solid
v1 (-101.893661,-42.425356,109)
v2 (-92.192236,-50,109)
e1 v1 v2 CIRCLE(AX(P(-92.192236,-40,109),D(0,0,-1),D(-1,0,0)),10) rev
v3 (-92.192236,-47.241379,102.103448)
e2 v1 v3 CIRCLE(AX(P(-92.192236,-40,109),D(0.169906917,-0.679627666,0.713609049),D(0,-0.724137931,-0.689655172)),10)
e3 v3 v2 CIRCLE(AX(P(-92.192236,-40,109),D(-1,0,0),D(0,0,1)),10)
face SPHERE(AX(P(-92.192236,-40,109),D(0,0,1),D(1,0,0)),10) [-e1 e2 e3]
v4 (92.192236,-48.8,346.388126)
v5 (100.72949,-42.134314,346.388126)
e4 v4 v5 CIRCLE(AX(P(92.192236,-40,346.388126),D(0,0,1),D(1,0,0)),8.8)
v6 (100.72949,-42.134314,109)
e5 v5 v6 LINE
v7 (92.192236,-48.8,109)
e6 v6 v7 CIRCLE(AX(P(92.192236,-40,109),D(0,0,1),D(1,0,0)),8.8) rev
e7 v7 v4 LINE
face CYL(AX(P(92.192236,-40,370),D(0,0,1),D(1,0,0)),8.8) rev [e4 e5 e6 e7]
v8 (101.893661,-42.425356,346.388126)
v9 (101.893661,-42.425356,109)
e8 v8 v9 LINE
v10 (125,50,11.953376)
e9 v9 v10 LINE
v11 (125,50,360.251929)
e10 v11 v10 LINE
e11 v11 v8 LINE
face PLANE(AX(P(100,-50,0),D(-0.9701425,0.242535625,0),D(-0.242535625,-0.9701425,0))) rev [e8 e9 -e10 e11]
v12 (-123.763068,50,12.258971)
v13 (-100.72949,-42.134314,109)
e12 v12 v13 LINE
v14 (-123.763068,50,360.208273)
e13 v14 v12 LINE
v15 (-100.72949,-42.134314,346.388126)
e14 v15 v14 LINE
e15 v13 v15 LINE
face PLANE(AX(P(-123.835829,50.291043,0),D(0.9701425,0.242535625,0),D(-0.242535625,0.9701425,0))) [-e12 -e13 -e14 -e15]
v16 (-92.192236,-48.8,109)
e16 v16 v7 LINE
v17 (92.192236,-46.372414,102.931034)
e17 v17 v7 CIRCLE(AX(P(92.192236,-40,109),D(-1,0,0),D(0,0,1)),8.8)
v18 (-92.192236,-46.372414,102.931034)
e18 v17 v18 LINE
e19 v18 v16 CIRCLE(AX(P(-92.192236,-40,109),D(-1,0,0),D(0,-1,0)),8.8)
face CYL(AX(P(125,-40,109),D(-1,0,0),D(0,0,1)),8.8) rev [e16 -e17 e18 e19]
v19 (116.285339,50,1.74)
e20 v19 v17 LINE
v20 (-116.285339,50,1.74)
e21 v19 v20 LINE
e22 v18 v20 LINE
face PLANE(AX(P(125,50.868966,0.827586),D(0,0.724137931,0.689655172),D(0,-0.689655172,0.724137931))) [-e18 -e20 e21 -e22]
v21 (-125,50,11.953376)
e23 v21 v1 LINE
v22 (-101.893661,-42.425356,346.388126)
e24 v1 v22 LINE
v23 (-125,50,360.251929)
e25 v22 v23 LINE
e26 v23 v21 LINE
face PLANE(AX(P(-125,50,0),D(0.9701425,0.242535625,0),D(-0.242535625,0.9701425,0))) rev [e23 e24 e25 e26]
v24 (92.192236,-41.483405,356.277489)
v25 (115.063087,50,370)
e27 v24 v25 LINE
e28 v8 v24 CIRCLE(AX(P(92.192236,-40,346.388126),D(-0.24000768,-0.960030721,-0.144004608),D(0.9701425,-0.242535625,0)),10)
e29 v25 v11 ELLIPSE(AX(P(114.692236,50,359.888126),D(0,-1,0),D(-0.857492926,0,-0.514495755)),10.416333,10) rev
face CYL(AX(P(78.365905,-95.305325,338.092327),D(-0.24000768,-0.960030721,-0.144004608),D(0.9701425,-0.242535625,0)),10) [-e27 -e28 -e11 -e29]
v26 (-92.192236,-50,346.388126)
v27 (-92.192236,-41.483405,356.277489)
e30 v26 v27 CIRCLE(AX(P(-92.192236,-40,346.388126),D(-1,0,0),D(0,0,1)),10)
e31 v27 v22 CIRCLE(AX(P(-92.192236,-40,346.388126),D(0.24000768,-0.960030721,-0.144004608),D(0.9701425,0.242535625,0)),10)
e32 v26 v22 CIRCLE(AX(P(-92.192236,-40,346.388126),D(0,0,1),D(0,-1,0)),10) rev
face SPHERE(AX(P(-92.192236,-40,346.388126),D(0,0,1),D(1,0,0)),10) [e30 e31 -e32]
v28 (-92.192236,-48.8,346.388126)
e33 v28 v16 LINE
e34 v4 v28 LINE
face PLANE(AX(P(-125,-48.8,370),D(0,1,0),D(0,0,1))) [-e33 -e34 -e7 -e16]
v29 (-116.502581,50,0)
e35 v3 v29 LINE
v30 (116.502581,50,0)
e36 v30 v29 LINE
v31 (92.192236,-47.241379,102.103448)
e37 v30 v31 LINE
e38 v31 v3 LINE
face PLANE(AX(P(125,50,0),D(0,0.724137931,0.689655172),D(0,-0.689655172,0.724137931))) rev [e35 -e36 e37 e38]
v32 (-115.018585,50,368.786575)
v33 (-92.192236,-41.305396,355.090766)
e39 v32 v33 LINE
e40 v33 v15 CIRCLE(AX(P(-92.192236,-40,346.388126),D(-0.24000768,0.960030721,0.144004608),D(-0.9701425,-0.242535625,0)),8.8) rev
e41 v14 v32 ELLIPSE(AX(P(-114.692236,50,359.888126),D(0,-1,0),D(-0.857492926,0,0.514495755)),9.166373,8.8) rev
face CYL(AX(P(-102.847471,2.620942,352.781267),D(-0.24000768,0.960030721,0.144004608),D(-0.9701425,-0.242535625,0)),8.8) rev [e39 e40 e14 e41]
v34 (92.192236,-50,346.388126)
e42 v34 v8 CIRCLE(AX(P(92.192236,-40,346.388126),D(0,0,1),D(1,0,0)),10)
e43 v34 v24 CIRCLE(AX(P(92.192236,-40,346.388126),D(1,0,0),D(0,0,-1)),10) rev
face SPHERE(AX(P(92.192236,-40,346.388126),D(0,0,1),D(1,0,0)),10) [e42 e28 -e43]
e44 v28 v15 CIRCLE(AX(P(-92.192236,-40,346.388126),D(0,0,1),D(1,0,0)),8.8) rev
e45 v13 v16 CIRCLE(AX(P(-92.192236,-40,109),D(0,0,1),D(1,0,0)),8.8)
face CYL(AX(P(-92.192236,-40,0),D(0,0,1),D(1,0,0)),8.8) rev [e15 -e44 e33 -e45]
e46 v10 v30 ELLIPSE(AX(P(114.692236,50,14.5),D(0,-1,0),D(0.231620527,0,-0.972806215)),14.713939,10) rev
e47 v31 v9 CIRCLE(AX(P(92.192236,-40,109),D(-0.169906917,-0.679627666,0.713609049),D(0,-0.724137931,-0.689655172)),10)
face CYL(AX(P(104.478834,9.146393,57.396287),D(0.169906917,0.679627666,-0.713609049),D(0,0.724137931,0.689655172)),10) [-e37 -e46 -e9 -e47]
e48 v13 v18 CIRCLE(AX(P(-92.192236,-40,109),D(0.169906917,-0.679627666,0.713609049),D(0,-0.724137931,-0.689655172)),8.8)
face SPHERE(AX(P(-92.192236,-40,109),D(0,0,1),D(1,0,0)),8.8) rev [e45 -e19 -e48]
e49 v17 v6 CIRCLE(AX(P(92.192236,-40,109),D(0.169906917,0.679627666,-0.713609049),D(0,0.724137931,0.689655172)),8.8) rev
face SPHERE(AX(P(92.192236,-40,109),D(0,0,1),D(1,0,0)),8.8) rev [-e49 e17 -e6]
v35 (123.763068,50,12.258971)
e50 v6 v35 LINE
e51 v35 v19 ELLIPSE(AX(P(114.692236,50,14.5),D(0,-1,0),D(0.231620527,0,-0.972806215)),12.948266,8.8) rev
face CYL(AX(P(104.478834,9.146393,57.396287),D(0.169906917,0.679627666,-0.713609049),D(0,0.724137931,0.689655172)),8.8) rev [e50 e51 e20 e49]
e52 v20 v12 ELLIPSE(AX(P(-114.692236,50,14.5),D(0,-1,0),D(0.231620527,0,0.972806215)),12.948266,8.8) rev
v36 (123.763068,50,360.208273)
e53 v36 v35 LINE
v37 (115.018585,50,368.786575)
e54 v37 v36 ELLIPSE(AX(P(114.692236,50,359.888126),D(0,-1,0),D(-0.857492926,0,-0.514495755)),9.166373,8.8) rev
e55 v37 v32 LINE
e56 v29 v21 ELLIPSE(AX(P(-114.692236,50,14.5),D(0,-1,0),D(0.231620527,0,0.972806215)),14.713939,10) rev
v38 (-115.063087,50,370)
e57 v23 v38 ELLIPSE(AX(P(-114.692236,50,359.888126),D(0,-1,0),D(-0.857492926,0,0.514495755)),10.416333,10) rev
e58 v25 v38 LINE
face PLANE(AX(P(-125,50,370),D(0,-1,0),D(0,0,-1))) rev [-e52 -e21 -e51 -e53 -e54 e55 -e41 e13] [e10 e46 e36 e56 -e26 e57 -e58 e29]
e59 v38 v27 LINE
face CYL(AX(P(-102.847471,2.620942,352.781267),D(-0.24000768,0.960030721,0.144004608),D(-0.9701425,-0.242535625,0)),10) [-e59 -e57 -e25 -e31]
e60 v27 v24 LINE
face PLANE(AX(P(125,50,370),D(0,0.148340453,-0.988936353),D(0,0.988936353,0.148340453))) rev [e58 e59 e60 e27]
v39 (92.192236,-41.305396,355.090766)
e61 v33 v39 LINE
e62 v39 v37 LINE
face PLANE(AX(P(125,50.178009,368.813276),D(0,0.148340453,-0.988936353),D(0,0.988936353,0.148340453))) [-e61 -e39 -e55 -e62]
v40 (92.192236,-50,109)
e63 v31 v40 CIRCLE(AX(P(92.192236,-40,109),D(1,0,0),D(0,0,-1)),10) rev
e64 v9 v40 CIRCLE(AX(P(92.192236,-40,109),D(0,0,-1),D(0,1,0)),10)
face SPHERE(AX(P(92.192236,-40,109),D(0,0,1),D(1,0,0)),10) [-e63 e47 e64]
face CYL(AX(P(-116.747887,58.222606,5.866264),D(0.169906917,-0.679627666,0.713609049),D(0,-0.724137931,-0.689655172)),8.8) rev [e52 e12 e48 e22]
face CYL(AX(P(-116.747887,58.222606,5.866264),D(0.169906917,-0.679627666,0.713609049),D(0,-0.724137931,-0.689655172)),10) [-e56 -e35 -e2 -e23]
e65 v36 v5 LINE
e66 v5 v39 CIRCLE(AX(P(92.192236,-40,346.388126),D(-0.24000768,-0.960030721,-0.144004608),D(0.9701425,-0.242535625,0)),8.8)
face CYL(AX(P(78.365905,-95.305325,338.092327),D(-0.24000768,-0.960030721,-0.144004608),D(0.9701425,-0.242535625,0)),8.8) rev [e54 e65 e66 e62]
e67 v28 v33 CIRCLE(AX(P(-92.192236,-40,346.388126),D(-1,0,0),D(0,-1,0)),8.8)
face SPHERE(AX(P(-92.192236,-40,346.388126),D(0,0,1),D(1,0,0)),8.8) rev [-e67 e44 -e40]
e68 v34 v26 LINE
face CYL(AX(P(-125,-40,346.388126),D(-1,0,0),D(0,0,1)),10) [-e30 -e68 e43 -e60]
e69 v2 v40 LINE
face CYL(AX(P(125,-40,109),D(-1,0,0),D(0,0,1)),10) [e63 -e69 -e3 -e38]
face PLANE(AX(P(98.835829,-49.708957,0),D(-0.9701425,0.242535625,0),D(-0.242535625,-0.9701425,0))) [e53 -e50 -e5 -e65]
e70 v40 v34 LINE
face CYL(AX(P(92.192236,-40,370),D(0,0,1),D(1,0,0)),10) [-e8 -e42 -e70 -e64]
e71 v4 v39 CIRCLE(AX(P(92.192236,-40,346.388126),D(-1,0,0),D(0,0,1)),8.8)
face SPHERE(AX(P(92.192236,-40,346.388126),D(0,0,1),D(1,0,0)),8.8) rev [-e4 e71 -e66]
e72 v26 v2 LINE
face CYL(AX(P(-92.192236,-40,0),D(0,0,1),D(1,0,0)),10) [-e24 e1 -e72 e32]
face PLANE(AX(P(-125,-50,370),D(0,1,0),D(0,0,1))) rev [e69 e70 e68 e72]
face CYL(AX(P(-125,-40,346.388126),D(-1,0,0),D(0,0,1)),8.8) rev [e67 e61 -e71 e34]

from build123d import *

# Parameters (mm, degrees)
SKETCH_1_W          = 250
SKETCH_1_H          = 100
EXTRUDE_1_DEPTH     = 370
CUT_EXTRUDE_1_DEPTH = 370
CUT_EXTRUDE_3_DEPTH = 458.602447546
FILLET_1_R          = 10
SHELL_2_T           = -1.2


with BuildPart() as part:
    # 草圖1 → 填料-伸長1 (new body)
    with BuildSketch(Plane.XY):
        Rectangle(SKETCH_1_W, SKETCH_1_H)
    extrude(amount=EXTRUDE_1_DEPTH)

    # 草圖2 → 除料-伸長1 (cut)
    with BuildSketch(Plane.XY.offset(370)):
        Polygon((-125, 50), (-100, -50), (-125, -50), align=None)
        Polygon((125, 50), (125, -50), (100, -50), align=None)
    extrude(amount=-CUT_EXTRUDE_1_DEPTH, mode=Mode.SUBTRACT)

    # 草圖7 → 除料-伸長3 (cut, through all)
    with BuildSketch(Plane(origin=(-125, 50, 370), x_dir=(0, 0, 1), z_dir=(-1, 0, 0))):
        Polygon((0, 0), (-15, -100), (0, -100), align=None)
        Polygon((-370, 0), (-265, -100), (-370, -100), align=None)
    extrude(amount=-CUT_EXTRUDE_3_DEPTH, mode=Mode.SUBTRACT)

    # 圓角1
    fillet_1_edges = [part.edges().sort_by_distance(p)[0] for p in [
        (112.5, 0, 362.5),
        (0, -50, 355),
        (-112.5, 0, 362.5),
        (100, -50, 230),
        (112.5, 0, 52.5),
        (-100, -50, 230),
        (-112.5, 0, 52.5),
        (0, -50, 105),
    ]]
    fillet(fillet_1_edges, radius=FILLET_1_R)

    # 薄殼2
    shell_2_openings = [part.faces().sort_by_distance(p)[0] for p in [
        (0, 50, 185.000169968),
    ]]
    offset(amount=SHELL_2_T, openings=shell_2_openings, kind=Kind.INTERSECTION)


solid = part.part
